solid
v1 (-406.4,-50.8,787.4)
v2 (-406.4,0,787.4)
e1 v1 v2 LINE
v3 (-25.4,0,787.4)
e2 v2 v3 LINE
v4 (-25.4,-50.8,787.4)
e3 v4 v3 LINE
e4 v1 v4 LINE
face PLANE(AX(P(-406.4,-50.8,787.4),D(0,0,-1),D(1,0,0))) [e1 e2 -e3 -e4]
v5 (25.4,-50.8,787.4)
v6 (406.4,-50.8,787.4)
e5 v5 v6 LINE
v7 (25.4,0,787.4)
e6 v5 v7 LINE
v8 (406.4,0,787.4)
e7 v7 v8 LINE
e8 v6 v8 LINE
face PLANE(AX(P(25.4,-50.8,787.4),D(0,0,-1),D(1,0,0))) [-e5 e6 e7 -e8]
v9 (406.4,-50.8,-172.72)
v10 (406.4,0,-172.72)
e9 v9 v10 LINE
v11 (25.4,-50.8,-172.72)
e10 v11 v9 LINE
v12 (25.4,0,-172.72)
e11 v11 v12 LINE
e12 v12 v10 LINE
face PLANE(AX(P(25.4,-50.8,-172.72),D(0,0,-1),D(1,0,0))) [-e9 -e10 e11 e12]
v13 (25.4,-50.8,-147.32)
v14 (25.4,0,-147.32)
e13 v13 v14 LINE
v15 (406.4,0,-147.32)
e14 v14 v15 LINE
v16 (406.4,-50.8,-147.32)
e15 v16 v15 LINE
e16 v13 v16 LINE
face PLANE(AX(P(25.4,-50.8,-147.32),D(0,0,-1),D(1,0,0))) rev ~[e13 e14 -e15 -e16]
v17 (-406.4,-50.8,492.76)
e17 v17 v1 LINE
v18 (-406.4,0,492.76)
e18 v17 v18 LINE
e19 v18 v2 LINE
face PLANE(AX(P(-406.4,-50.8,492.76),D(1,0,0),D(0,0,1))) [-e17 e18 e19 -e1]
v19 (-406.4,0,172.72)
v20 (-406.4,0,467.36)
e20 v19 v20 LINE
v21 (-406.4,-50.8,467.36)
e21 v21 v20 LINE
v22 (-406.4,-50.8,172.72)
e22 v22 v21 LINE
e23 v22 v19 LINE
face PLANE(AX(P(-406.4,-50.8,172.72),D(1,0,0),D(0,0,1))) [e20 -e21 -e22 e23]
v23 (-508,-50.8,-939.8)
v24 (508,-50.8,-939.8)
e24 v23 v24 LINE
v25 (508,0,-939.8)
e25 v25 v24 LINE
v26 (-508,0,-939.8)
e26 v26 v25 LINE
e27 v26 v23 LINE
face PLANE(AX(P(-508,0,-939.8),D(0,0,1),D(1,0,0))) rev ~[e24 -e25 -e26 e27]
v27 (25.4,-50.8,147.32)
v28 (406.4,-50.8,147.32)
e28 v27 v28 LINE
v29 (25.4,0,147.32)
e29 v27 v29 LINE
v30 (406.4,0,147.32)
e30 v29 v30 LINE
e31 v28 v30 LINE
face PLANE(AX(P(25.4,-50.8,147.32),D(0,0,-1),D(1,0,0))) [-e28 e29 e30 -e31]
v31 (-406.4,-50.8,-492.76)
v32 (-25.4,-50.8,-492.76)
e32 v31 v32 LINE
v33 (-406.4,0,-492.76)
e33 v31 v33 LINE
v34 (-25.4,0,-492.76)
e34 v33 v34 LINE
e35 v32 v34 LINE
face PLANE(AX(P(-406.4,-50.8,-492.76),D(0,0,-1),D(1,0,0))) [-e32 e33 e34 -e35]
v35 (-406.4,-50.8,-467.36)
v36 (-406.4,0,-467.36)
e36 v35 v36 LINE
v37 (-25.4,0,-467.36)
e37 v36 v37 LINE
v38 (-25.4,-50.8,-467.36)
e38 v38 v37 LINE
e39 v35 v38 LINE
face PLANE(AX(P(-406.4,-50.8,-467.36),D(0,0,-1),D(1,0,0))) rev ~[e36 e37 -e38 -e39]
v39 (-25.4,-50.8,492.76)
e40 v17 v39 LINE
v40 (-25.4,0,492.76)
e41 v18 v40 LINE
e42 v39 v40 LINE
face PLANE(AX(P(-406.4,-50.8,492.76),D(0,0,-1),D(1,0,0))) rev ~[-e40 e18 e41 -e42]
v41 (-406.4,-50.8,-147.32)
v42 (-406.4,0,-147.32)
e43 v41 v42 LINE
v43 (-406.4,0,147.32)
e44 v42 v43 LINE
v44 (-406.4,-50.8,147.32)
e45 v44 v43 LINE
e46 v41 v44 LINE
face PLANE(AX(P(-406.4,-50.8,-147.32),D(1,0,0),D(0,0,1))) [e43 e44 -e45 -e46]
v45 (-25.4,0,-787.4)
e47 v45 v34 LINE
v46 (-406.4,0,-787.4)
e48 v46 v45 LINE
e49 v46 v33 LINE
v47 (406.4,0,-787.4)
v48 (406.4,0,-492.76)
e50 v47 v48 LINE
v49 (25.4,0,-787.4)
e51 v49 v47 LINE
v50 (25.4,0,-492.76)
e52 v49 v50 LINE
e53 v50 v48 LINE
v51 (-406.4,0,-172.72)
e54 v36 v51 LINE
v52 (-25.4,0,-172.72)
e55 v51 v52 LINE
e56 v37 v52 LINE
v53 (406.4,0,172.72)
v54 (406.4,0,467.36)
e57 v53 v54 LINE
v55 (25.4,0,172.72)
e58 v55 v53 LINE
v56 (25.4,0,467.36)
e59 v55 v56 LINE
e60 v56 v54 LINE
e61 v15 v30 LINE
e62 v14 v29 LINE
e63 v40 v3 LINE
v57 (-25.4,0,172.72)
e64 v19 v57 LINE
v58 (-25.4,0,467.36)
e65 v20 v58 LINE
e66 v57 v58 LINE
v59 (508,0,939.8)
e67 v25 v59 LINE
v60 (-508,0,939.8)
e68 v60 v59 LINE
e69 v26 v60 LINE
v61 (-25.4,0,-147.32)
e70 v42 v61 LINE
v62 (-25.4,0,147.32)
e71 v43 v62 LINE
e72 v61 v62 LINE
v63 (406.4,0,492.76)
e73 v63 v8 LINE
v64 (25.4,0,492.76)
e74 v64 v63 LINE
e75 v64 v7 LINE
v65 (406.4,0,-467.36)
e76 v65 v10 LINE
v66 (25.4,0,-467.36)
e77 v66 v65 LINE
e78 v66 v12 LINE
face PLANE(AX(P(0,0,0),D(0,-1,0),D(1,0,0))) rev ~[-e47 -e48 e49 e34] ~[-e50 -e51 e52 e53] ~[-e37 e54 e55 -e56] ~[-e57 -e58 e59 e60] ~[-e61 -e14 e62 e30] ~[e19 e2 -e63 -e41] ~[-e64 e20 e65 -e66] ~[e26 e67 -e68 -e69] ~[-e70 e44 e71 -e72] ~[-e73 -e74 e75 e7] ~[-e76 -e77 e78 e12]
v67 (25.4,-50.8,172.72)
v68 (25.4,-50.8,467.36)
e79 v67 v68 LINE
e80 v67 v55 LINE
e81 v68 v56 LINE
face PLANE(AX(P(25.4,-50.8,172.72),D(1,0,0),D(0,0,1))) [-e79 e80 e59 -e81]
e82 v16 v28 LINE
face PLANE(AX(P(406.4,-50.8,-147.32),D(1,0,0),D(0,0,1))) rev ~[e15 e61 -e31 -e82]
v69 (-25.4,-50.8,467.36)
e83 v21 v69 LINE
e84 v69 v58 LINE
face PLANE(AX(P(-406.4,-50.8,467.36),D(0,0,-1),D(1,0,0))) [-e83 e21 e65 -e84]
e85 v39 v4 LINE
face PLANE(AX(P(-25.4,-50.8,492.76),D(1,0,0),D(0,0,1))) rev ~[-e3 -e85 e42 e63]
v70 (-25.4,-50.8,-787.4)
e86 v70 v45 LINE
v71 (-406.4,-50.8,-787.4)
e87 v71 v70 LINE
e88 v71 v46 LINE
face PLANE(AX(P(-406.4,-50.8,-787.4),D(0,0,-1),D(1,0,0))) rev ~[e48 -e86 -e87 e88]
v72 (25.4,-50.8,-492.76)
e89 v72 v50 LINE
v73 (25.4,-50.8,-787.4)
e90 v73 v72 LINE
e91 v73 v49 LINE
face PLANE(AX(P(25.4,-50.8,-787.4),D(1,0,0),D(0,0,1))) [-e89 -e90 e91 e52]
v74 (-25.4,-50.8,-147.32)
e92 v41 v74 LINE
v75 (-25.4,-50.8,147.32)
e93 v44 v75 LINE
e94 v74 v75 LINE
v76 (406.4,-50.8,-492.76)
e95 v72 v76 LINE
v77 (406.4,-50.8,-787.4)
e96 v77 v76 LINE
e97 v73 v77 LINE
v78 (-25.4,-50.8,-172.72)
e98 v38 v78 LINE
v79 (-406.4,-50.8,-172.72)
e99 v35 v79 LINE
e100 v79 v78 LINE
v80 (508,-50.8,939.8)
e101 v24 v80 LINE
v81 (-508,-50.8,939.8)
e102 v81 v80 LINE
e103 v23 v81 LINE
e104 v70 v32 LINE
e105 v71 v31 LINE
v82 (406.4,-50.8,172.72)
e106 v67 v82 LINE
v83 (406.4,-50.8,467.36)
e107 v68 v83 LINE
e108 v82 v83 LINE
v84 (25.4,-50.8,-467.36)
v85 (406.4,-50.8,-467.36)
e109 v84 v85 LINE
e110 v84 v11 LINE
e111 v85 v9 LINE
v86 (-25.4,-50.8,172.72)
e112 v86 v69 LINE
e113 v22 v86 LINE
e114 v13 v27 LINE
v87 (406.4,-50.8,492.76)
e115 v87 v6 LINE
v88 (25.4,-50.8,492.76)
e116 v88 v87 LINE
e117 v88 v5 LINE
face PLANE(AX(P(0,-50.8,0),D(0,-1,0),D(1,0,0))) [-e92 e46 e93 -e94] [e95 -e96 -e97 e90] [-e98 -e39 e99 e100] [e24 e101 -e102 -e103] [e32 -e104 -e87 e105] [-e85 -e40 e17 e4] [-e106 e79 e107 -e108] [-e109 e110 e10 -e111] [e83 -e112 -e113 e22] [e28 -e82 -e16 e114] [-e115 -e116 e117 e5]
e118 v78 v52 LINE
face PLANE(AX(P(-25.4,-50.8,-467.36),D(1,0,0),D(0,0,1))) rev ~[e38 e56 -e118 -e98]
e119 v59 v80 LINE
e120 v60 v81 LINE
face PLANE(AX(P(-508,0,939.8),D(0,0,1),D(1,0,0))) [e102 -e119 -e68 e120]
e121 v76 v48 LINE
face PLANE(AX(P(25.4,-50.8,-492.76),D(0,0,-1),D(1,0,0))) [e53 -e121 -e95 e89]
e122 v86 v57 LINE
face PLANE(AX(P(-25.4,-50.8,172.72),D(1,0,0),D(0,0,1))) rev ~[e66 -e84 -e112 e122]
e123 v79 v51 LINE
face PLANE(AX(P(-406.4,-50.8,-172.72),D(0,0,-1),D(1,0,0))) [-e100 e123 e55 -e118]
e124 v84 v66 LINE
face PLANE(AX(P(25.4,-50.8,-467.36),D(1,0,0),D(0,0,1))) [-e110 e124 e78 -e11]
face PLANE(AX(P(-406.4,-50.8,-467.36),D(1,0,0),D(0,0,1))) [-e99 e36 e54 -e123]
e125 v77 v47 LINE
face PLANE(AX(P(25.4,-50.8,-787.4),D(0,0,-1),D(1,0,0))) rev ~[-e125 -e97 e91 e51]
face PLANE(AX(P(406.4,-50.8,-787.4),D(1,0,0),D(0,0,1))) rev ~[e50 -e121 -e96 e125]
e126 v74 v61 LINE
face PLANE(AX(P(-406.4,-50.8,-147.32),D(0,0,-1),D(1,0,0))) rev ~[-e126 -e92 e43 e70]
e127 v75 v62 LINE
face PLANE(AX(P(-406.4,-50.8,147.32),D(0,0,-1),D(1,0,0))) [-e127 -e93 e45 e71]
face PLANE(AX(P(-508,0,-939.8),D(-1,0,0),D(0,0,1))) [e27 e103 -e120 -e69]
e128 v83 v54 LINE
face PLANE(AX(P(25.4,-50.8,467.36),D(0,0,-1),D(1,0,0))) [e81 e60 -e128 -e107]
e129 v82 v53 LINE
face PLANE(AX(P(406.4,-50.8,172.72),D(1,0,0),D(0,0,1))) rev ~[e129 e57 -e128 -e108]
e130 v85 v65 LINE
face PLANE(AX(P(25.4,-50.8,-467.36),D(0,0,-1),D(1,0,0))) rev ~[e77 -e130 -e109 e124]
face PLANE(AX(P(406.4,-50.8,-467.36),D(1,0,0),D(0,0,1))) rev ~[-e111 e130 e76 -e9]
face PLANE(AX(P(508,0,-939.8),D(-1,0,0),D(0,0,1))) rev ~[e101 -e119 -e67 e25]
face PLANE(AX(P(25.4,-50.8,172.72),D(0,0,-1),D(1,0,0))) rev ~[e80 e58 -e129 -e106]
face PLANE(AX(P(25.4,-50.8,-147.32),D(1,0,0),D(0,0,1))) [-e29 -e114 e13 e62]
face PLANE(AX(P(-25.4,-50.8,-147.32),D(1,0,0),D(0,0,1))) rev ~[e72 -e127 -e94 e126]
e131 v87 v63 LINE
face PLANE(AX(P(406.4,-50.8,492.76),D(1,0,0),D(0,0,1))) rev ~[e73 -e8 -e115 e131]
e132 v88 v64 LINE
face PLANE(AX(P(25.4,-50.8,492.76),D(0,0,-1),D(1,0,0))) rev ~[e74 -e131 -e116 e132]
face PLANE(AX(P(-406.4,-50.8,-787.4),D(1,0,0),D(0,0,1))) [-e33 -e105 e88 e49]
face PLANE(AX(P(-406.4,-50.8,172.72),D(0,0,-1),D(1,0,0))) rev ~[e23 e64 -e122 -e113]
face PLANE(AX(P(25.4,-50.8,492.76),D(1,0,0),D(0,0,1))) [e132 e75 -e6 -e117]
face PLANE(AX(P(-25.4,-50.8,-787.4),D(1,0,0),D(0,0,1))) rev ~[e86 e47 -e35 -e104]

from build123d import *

# Parameters (mm, degrees)
F0_W     = 1016
F0_H     = 1879.6
F1_DEPTH = 50.8
F2_W     = 381
F2_H     = 294.64
F3_DEPTH = 50.801


with BuildPart() as f1:
    # F0 (on Front) → F1 (new body)
    with BuildSketch(Plane.XZ):
        Rectangle(F0_W, F0_H)
    extrude(amount=F1_DEPTH)

    # F2 (on face) → F3 (cut, through all)
    with BuildSketch(Plane.XZ.offset(50.8)):
        with Locations((-215.9, 640.08)):
            Rectangle(F2_W, F2_H)
        with Locations((-215.9, 320.04)):
            Rectangle(F2_W, F2_H)
        with Locations((-215.9, 0)):
            Rectangle(F2_W, F2_H)
        with Locations((-215.9, -320.04)):
            Rectangle(F2_W, F2_H)
        with Locations((-215.9, -640.08)):
            Rectangle(F2_W, F2_H)
        with Locations((215.9, 320.04)):
            Rectangle(F2_W, F2_H)
        with Locations((215.9, 640.08)):
            Rectangle(F2_W, F2_H)
        with Locations((215.9, 0)):
            Rectangle(F2_W, F2_H)
        with Locations((215.9, -320.04)):
            Rectangle(F2_W, F2_H)
        with Locations((215.9, -640.08)):
            Rectangle(F2_W, F2_H)
    extrude(amount=-F3_DEPTH, mode=Mode.SUBTRACT)


solid = f1.part
